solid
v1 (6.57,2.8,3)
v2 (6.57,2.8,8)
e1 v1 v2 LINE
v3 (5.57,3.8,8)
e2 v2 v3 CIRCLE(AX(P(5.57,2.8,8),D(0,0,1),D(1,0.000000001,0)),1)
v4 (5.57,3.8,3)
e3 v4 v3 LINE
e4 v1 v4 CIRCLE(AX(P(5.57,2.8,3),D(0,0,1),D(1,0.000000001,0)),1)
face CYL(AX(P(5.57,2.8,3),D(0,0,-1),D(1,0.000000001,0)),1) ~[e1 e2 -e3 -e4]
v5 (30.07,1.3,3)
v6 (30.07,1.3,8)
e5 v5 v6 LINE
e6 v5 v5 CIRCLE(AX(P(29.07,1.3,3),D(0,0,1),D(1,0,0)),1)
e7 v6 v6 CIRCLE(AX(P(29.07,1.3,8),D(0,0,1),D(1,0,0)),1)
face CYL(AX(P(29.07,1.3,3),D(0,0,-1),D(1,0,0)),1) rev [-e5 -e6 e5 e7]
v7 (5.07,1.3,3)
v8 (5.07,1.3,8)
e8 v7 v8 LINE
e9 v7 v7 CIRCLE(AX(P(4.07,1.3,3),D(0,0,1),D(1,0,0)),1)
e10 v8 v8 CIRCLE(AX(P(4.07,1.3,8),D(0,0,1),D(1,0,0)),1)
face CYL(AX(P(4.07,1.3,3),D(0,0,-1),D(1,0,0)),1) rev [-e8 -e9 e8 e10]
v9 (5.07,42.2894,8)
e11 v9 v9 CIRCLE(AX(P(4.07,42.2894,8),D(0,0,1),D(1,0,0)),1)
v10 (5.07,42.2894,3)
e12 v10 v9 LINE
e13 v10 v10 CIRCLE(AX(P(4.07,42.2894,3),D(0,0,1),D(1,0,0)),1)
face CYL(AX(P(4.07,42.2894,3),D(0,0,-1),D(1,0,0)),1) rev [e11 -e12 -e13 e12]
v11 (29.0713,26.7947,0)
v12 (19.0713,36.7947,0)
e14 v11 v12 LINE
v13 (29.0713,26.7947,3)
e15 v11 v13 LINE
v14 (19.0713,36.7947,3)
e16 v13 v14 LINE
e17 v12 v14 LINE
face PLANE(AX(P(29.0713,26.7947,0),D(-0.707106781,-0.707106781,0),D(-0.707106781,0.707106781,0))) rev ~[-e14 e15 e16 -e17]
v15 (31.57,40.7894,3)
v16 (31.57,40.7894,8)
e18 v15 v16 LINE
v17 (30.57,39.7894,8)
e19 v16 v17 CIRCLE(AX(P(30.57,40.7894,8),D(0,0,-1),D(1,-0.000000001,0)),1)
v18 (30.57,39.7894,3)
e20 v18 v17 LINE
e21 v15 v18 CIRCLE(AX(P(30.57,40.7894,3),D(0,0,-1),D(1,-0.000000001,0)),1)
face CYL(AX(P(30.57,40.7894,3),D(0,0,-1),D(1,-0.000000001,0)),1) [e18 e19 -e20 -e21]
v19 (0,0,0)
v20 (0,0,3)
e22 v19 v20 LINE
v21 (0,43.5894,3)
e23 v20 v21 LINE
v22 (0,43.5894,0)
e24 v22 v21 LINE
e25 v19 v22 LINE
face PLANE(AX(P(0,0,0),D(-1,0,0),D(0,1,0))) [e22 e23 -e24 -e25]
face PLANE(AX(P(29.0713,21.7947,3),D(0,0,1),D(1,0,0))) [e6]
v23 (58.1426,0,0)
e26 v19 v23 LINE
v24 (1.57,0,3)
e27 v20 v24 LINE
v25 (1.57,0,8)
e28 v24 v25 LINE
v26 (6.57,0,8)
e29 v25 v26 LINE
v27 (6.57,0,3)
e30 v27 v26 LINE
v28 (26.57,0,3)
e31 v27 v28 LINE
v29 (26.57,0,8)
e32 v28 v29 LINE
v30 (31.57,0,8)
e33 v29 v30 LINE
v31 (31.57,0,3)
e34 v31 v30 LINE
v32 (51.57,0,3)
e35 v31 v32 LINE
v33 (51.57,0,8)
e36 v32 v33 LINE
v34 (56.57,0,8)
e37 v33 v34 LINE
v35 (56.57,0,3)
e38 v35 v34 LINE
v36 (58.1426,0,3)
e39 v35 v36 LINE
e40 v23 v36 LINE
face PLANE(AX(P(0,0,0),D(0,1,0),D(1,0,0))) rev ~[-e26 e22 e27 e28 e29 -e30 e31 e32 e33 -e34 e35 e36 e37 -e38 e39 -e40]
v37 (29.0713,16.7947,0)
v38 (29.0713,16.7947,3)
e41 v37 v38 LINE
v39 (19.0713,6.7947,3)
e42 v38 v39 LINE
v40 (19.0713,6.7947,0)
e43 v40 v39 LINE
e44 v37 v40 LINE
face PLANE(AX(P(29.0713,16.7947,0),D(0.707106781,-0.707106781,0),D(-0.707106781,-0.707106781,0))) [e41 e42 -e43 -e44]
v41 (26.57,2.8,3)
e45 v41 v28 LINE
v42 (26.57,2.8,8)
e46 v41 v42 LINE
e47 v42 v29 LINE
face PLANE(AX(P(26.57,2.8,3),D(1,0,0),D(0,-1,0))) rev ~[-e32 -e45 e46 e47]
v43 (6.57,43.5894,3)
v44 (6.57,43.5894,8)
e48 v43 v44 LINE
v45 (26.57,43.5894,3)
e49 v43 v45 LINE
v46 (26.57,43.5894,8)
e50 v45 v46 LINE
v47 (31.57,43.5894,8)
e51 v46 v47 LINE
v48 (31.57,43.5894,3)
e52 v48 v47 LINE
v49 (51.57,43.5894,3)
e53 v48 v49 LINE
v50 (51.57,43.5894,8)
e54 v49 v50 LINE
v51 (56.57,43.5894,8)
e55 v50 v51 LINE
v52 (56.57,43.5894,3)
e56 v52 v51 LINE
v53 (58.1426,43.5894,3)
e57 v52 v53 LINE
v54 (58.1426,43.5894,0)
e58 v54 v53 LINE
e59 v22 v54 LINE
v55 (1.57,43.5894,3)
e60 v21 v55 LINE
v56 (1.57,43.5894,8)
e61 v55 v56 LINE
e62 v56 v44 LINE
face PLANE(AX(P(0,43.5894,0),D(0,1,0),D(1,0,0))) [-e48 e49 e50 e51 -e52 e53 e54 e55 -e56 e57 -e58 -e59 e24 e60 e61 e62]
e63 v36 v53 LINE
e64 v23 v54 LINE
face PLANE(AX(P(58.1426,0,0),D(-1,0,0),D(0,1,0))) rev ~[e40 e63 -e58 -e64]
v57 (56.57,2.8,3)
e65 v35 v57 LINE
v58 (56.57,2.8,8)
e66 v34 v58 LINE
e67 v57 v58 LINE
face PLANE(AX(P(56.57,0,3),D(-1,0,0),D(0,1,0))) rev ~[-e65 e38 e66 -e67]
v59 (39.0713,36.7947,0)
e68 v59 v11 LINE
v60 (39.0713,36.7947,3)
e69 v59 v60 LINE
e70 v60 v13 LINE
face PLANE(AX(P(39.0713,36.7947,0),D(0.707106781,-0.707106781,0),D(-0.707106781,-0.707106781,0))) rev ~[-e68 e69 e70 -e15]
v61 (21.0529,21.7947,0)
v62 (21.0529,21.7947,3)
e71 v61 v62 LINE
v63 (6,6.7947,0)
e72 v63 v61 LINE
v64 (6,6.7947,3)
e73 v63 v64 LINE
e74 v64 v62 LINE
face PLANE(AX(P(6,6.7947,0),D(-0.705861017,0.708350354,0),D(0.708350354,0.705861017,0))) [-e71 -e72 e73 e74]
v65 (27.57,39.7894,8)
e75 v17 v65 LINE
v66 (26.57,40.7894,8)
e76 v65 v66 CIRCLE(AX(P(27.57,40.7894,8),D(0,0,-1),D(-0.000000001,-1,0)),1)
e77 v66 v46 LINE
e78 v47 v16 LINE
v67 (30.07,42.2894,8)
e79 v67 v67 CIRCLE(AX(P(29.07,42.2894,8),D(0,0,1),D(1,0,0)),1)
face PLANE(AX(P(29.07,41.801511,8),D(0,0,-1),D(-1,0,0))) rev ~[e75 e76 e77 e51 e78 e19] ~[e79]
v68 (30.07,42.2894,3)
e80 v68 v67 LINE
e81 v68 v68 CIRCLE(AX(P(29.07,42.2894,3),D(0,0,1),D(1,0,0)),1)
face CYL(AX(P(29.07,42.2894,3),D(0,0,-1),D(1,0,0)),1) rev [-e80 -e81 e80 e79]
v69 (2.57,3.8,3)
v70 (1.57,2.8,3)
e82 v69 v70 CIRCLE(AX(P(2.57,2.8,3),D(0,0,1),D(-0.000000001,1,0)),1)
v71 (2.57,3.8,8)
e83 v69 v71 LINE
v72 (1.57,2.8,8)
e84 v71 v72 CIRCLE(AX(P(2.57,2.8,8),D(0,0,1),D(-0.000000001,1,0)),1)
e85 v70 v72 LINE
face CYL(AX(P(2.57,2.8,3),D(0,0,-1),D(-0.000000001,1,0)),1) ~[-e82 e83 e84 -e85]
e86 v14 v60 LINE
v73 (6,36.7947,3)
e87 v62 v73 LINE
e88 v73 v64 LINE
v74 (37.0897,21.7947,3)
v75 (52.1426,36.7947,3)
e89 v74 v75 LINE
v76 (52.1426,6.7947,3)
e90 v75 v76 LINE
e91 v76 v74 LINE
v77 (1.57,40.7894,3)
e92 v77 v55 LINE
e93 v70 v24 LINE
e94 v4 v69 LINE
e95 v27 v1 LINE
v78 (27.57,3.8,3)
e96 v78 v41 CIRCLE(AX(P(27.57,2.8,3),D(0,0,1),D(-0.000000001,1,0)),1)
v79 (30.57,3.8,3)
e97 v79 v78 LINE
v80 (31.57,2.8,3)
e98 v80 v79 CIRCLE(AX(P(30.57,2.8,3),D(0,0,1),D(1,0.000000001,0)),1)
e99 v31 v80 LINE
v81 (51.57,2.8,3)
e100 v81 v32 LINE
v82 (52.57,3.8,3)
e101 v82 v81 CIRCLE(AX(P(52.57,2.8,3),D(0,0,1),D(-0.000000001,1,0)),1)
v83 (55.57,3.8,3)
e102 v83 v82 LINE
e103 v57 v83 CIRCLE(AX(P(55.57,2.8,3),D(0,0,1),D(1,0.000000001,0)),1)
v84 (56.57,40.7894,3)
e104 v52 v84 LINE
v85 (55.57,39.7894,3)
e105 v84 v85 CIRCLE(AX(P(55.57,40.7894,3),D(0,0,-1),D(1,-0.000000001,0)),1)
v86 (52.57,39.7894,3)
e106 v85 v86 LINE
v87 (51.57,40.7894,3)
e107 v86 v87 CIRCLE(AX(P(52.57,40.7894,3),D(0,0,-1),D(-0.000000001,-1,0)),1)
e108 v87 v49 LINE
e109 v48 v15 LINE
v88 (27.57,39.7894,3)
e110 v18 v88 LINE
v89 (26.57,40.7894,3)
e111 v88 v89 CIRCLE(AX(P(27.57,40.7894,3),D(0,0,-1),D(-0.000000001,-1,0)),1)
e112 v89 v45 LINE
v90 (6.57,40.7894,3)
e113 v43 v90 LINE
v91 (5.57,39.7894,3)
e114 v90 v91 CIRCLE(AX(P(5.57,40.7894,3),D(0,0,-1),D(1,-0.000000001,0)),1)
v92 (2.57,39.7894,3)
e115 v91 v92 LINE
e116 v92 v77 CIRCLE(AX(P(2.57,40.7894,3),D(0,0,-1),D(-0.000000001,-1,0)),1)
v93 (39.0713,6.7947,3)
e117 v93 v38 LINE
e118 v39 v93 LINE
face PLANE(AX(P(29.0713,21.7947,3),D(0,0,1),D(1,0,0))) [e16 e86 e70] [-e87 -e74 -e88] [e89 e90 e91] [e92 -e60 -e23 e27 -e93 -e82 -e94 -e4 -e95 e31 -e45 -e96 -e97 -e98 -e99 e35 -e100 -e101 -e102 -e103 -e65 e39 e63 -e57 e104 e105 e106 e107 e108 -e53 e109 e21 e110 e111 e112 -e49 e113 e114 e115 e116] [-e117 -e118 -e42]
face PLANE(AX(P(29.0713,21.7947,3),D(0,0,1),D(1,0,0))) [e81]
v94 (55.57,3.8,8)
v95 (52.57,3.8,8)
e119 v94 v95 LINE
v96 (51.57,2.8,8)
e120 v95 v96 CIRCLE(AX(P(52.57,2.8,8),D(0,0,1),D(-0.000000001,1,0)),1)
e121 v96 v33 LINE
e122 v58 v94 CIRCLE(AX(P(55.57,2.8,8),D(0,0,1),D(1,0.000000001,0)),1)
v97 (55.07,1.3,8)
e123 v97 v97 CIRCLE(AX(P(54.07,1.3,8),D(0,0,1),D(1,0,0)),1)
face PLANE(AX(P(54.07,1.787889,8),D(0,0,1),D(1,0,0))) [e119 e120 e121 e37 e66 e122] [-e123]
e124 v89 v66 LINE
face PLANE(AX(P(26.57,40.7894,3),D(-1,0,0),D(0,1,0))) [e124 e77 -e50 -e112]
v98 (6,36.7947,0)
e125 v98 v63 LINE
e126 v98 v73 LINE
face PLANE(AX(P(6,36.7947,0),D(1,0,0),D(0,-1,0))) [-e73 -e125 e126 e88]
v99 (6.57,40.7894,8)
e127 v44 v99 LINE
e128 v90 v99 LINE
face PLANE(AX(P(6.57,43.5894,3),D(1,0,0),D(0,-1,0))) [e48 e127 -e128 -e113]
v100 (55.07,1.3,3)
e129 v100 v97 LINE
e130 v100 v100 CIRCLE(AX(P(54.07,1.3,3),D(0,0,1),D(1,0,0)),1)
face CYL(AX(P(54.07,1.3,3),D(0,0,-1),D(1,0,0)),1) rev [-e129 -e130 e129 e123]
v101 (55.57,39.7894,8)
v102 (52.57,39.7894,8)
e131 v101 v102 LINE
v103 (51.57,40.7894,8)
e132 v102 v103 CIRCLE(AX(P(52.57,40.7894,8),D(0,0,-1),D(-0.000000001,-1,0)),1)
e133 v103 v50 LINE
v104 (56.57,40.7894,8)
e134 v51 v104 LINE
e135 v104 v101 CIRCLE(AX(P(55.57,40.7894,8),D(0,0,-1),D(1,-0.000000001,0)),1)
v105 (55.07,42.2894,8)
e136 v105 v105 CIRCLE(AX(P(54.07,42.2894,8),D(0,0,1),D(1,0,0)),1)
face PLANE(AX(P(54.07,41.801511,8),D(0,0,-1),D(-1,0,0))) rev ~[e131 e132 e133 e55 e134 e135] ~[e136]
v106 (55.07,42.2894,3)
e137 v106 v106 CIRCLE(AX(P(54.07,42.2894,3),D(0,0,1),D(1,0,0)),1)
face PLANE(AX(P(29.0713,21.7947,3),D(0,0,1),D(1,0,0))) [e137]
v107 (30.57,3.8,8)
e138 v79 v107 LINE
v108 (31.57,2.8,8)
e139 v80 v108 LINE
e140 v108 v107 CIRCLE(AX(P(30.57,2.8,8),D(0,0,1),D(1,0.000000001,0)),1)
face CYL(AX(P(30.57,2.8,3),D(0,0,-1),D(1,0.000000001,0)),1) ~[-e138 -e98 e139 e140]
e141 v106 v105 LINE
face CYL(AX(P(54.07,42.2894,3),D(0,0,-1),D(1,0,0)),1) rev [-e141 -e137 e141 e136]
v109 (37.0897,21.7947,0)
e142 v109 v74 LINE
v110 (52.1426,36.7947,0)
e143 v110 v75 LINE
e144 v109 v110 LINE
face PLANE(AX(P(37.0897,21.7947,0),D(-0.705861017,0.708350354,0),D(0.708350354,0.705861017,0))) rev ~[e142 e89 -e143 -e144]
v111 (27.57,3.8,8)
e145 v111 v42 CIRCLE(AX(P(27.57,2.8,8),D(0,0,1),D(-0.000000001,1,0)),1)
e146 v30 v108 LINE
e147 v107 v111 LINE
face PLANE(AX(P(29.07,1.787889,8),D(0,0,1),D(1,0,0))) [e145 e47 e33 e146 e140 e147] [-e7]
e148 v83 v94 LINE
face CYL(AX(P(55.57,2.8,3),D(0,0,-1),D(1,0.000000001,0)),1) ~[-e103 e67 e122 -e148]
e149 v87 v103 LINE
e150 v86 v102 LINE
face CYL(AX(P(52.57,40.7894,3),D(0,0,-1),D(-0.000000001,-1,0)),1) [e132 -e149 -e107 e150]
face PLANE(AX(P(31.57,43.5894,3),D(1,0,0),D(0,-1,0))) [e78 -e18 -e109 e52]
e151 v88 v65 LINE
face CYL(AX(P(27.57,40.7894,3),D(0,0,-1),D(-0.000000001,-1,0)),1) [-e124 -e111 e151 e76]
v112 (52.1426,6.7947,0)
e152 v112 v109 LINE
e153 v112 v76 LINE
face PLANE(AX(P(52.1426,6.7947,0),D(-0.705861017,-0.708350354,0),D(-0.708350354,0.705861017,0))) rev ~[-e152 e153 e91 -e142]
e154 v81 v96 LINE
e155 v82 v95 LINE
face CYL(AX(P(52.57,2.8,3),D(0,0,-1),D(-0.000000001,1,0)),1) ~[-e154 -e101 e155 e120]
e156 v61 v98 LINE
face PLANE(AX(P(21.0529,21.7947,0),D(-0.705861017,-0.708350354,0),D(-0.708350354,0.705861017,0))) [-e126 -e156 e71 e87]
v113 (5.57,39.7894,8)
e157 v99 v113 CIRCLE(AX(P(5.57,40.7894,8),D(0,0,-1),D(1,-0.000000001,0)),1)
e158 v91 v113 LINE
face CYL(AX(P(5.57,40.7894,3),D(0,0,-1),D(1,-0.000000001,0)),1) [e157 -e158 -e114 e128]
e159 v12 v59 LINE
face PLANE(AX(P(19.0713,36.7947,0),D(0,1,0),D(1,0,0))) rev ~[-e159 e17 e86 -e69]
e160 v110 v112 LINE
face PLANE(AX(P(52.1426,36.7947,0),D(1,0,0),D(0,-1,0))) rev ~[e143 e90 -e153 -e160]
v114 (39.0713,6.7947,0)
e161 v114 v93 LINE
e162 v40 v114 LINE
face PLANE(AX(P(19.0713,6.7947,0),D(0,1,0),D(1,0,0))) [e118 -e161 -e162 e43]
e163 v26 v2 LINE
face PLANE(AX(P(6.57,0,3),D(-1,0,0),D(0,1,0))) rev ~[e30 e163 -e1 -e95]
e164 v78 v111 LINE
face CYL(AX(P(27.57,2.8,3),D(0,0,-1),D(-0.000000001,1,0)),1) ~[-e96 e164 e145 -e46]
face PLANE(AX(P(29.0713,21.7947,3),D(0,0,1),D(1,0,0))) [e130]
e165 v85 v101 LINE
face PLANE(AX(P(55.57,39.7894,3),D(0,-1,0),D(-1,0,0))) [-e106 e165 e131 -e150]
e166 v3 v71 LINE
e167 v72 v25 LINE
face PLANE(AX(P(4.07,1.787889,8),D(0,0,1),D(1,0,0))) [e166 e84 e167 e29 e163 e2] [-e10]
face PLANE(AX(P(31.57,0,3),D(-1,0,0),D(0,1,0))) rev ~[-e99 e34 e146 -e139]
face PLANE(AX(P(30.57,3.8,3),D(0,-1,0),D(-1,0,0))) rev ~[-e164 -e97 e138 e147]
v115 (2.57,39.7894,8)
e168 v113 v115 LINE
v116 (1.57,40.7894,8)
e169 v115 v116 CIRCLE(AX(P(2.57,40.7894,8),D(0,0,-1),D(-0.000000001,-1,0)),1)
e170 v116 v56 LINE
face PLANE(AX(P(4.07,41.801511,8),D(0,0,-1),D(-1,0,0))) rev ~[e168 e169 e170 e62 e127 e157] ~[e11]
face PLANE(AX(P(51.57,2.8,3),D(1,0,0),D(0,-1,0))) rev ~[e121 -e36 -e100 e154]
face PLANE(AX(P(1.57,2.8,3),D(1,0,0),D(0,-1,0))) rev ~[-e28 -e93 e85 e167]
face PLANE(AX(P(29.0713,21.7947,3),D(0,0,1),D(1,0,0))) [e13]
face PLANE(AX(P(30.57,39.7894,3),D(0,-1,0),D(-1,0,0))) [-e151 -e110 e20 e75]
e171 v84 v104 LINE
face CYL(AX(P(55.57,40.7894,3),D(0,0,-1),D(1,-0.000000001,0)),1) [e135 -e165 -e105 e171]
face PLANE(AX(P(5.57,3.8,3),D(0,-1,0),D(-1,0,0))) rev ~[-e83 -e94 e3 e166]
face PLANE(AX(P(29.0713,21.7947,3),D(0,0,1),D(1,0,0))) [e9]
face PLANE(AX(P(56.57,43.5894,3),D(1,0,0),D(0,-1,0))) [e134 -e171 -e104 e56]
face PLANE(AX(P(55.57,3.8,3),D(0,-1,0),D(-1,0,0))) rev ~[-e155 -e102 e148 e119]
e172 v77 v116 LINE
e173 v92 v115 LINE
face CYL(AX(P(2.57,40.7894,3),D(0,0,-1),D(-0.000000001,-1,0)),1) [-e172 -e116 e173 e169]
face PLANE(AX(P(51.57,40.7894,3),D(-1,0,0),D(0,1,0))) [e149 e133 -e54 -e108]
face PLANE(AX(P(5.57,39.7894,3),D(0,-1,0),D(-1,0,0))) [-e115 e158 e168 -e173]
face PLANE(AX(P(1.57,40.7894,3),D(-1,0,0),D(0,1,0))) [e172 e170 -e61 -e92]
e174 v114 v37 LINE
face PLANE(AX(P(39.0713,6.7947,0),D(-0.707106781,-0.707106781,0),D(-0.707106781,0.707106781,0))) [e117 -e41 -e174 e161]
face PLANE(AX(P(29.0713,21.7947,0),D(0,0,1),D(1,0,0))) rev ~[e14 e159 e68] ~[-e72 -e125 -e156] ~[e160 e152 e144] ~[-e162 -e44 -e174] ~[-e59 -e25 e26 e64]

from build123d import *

# Parameters (mm, degrees)
SKETCH1_W           = 58.1426
SKETCH1_H           = 43.5894
BOSS_EXTRUDE1_DEPTH = 3
SKETCH2_R           = 1
BOSS_EXTRUDE2_DEPTH = 5


with BuildPart() as part:
    # Sketch1 → Boss-Extrude1 (new body)
    with BuildSketch(Plane.XY):
        with Locations((29.0713, 21.7947)):
            Rectangle(SKETCH1_W, SKETCH1_H)
        Polygon((6, 36.7947), (6, 6.7947), (21.0529, 21.7947), align=None, mode=Mode.SUBTRACT)
        Polygon((39.0713, 6.7947), (29.0713, 16.7947), (19.0713, 6.7947), align=None, mode=Mode.SUBTRACT)
        Polygon((52.1426, 36.7947), (52.1426, 6.7947), (37.0897, 21.7947), align=None, mode=Mode.SUBTRACT)
        Polygon((19.0713, 36.7947), (39.0713, 36.7947), (29.0713, 26.7947), align=None, mode=Mode.SUBTRACT)
    extrude(amount=BOSS_EXTRUDE1_DEPTH)

    # Sketch2 → Boss-Extrude2 (add)
    with BuildSketch(Plane.XY.offset(3)):
        with BuildLine():
            Line((1.57, 43.5894), (6.57, 43.5894))
            Line((6.57, 43.5894), (6.57, 40.7894))
            ThreePointArc((6.57, 40.7894), (6.277106781, 40.082293219), (5.57, 39.7894))
            Line((5.57, 39.7894), (2.57, 39.7894))
            ThreePointArc((2.57, 39.7894), (1.862893219, 40.082293219), (1.57, 40.7894))
            Line((1.57, 40.7894), (1.57, 43.5894))
        make_face()
        with Locations((4.07, 42.2894)):
            Circle(SKETCH2_R, mode=Mode.SUBTRACT)
        with BuildLine():
            Line((26.57, 43.5894), (31.57, 43.5894))
            Line((31.57, 43.5894), (31.57, 40.7894))
            ThreePointArc((31.57, 40.7894), (31.277106781, 40.082293219), (30.57, 39.7894))
            Line((30.57, 39.7894), (27.57, 39.7894))
            ThreePointArc((27.57, 39.7894), (26.862893219, 40.082293219), (26.57, 40.7894))
            Line((26.57, 40.7894), (26.57, 43.5894))
        make_face()
        with Locations((29.07, 42.2894)):
            Circle(SKETCH2_R, mode=Mode.SUBTRACT)
        with BuildLine():
            Line((51.57, 43.5894), (56.57, 43.5894))
            Line((56.57, 43.5894), (56.57, 40.7894))
            ThreePointArc((56.57, 40.7894), (56.277106781, 40.082293219), (55.57, 39.7894))
            Line((55.57, 39.7894), (52.57, 39.7894))
            ThreePointArc((52.57, 39.7894), (51.862893219, 40.082293219), (51.57, 40.7894))
            Line((51.57, 40.7894), (51.57, 43.5894))
        make_face()
        with Locations((54.07, 42.2894)):
            Circle(SKETCH2_R, mode=Mode.SUBTRACT)
        with BuildLine():
            Line((56.57, 0), (56.57, 2.8))
            ThreePointArc((56.57, 2.8), (56.277106781, 3.507106781), (55.57, 3.8))
            Line((55.57, 3.8), (52.57, 3.8))
            ThreePointArc((52.57, 3.8), (51.862893219, 3.507106781), (51.57, 2.8))
            Line((51.57, 2.8), (51.57, 0))
            Line((51.57, 0), (56.57, 0))
        make_face()
        with Locations((54.07, 1.3)):
            Circle(SKETCH2_R, mode=Mode.SUBTRACT)
        with BuildLine():
            Line((31.57, 0), (31.57, 2.8))
            ThreePointArc((31.57, 2.8), (31.277106781, 3.507106781), (30.57, 3.8))
            Line((30.57, 3.8), (27.57, 3.8))
            ThreePointArc((27.57, 3.8), (26.862893219, 3.507106781), (26.57, 2.8))
            Line((26.57, 2.8), (26.57, 0))
            Line((26.57, 0), (31.57, 0))
        make_face()
        with Locations((29.07, 1.3)):
            Circle(SKETCH2_R, mode=Mode.SUBTRACT)
        with BuildLine():
            Line((6.57, 0), (6.57, 2.8))
            ThreePointArc((6.57, 2.8), (6.277106781, 3.507106781), (5.57, 3.8))
            Line((5.57, 3.8), (2.57, 3.8))
            ThreePointArc((2.57, 3.8), (1.862893219, 3.507106781), (1.57, 2.8))
            Line((1.57, 2.8), (1.57, 0))
            Line((1.57, 0), (6.57, 0))
        make_face()
        with Locations((4.07, 1.3)):
            Circle(SKETCH2_R, mode=Mode.SUBTRACT)
    extrude(amount=BOSS_EXTRUDE2_DEPTH)


solid = part.part
